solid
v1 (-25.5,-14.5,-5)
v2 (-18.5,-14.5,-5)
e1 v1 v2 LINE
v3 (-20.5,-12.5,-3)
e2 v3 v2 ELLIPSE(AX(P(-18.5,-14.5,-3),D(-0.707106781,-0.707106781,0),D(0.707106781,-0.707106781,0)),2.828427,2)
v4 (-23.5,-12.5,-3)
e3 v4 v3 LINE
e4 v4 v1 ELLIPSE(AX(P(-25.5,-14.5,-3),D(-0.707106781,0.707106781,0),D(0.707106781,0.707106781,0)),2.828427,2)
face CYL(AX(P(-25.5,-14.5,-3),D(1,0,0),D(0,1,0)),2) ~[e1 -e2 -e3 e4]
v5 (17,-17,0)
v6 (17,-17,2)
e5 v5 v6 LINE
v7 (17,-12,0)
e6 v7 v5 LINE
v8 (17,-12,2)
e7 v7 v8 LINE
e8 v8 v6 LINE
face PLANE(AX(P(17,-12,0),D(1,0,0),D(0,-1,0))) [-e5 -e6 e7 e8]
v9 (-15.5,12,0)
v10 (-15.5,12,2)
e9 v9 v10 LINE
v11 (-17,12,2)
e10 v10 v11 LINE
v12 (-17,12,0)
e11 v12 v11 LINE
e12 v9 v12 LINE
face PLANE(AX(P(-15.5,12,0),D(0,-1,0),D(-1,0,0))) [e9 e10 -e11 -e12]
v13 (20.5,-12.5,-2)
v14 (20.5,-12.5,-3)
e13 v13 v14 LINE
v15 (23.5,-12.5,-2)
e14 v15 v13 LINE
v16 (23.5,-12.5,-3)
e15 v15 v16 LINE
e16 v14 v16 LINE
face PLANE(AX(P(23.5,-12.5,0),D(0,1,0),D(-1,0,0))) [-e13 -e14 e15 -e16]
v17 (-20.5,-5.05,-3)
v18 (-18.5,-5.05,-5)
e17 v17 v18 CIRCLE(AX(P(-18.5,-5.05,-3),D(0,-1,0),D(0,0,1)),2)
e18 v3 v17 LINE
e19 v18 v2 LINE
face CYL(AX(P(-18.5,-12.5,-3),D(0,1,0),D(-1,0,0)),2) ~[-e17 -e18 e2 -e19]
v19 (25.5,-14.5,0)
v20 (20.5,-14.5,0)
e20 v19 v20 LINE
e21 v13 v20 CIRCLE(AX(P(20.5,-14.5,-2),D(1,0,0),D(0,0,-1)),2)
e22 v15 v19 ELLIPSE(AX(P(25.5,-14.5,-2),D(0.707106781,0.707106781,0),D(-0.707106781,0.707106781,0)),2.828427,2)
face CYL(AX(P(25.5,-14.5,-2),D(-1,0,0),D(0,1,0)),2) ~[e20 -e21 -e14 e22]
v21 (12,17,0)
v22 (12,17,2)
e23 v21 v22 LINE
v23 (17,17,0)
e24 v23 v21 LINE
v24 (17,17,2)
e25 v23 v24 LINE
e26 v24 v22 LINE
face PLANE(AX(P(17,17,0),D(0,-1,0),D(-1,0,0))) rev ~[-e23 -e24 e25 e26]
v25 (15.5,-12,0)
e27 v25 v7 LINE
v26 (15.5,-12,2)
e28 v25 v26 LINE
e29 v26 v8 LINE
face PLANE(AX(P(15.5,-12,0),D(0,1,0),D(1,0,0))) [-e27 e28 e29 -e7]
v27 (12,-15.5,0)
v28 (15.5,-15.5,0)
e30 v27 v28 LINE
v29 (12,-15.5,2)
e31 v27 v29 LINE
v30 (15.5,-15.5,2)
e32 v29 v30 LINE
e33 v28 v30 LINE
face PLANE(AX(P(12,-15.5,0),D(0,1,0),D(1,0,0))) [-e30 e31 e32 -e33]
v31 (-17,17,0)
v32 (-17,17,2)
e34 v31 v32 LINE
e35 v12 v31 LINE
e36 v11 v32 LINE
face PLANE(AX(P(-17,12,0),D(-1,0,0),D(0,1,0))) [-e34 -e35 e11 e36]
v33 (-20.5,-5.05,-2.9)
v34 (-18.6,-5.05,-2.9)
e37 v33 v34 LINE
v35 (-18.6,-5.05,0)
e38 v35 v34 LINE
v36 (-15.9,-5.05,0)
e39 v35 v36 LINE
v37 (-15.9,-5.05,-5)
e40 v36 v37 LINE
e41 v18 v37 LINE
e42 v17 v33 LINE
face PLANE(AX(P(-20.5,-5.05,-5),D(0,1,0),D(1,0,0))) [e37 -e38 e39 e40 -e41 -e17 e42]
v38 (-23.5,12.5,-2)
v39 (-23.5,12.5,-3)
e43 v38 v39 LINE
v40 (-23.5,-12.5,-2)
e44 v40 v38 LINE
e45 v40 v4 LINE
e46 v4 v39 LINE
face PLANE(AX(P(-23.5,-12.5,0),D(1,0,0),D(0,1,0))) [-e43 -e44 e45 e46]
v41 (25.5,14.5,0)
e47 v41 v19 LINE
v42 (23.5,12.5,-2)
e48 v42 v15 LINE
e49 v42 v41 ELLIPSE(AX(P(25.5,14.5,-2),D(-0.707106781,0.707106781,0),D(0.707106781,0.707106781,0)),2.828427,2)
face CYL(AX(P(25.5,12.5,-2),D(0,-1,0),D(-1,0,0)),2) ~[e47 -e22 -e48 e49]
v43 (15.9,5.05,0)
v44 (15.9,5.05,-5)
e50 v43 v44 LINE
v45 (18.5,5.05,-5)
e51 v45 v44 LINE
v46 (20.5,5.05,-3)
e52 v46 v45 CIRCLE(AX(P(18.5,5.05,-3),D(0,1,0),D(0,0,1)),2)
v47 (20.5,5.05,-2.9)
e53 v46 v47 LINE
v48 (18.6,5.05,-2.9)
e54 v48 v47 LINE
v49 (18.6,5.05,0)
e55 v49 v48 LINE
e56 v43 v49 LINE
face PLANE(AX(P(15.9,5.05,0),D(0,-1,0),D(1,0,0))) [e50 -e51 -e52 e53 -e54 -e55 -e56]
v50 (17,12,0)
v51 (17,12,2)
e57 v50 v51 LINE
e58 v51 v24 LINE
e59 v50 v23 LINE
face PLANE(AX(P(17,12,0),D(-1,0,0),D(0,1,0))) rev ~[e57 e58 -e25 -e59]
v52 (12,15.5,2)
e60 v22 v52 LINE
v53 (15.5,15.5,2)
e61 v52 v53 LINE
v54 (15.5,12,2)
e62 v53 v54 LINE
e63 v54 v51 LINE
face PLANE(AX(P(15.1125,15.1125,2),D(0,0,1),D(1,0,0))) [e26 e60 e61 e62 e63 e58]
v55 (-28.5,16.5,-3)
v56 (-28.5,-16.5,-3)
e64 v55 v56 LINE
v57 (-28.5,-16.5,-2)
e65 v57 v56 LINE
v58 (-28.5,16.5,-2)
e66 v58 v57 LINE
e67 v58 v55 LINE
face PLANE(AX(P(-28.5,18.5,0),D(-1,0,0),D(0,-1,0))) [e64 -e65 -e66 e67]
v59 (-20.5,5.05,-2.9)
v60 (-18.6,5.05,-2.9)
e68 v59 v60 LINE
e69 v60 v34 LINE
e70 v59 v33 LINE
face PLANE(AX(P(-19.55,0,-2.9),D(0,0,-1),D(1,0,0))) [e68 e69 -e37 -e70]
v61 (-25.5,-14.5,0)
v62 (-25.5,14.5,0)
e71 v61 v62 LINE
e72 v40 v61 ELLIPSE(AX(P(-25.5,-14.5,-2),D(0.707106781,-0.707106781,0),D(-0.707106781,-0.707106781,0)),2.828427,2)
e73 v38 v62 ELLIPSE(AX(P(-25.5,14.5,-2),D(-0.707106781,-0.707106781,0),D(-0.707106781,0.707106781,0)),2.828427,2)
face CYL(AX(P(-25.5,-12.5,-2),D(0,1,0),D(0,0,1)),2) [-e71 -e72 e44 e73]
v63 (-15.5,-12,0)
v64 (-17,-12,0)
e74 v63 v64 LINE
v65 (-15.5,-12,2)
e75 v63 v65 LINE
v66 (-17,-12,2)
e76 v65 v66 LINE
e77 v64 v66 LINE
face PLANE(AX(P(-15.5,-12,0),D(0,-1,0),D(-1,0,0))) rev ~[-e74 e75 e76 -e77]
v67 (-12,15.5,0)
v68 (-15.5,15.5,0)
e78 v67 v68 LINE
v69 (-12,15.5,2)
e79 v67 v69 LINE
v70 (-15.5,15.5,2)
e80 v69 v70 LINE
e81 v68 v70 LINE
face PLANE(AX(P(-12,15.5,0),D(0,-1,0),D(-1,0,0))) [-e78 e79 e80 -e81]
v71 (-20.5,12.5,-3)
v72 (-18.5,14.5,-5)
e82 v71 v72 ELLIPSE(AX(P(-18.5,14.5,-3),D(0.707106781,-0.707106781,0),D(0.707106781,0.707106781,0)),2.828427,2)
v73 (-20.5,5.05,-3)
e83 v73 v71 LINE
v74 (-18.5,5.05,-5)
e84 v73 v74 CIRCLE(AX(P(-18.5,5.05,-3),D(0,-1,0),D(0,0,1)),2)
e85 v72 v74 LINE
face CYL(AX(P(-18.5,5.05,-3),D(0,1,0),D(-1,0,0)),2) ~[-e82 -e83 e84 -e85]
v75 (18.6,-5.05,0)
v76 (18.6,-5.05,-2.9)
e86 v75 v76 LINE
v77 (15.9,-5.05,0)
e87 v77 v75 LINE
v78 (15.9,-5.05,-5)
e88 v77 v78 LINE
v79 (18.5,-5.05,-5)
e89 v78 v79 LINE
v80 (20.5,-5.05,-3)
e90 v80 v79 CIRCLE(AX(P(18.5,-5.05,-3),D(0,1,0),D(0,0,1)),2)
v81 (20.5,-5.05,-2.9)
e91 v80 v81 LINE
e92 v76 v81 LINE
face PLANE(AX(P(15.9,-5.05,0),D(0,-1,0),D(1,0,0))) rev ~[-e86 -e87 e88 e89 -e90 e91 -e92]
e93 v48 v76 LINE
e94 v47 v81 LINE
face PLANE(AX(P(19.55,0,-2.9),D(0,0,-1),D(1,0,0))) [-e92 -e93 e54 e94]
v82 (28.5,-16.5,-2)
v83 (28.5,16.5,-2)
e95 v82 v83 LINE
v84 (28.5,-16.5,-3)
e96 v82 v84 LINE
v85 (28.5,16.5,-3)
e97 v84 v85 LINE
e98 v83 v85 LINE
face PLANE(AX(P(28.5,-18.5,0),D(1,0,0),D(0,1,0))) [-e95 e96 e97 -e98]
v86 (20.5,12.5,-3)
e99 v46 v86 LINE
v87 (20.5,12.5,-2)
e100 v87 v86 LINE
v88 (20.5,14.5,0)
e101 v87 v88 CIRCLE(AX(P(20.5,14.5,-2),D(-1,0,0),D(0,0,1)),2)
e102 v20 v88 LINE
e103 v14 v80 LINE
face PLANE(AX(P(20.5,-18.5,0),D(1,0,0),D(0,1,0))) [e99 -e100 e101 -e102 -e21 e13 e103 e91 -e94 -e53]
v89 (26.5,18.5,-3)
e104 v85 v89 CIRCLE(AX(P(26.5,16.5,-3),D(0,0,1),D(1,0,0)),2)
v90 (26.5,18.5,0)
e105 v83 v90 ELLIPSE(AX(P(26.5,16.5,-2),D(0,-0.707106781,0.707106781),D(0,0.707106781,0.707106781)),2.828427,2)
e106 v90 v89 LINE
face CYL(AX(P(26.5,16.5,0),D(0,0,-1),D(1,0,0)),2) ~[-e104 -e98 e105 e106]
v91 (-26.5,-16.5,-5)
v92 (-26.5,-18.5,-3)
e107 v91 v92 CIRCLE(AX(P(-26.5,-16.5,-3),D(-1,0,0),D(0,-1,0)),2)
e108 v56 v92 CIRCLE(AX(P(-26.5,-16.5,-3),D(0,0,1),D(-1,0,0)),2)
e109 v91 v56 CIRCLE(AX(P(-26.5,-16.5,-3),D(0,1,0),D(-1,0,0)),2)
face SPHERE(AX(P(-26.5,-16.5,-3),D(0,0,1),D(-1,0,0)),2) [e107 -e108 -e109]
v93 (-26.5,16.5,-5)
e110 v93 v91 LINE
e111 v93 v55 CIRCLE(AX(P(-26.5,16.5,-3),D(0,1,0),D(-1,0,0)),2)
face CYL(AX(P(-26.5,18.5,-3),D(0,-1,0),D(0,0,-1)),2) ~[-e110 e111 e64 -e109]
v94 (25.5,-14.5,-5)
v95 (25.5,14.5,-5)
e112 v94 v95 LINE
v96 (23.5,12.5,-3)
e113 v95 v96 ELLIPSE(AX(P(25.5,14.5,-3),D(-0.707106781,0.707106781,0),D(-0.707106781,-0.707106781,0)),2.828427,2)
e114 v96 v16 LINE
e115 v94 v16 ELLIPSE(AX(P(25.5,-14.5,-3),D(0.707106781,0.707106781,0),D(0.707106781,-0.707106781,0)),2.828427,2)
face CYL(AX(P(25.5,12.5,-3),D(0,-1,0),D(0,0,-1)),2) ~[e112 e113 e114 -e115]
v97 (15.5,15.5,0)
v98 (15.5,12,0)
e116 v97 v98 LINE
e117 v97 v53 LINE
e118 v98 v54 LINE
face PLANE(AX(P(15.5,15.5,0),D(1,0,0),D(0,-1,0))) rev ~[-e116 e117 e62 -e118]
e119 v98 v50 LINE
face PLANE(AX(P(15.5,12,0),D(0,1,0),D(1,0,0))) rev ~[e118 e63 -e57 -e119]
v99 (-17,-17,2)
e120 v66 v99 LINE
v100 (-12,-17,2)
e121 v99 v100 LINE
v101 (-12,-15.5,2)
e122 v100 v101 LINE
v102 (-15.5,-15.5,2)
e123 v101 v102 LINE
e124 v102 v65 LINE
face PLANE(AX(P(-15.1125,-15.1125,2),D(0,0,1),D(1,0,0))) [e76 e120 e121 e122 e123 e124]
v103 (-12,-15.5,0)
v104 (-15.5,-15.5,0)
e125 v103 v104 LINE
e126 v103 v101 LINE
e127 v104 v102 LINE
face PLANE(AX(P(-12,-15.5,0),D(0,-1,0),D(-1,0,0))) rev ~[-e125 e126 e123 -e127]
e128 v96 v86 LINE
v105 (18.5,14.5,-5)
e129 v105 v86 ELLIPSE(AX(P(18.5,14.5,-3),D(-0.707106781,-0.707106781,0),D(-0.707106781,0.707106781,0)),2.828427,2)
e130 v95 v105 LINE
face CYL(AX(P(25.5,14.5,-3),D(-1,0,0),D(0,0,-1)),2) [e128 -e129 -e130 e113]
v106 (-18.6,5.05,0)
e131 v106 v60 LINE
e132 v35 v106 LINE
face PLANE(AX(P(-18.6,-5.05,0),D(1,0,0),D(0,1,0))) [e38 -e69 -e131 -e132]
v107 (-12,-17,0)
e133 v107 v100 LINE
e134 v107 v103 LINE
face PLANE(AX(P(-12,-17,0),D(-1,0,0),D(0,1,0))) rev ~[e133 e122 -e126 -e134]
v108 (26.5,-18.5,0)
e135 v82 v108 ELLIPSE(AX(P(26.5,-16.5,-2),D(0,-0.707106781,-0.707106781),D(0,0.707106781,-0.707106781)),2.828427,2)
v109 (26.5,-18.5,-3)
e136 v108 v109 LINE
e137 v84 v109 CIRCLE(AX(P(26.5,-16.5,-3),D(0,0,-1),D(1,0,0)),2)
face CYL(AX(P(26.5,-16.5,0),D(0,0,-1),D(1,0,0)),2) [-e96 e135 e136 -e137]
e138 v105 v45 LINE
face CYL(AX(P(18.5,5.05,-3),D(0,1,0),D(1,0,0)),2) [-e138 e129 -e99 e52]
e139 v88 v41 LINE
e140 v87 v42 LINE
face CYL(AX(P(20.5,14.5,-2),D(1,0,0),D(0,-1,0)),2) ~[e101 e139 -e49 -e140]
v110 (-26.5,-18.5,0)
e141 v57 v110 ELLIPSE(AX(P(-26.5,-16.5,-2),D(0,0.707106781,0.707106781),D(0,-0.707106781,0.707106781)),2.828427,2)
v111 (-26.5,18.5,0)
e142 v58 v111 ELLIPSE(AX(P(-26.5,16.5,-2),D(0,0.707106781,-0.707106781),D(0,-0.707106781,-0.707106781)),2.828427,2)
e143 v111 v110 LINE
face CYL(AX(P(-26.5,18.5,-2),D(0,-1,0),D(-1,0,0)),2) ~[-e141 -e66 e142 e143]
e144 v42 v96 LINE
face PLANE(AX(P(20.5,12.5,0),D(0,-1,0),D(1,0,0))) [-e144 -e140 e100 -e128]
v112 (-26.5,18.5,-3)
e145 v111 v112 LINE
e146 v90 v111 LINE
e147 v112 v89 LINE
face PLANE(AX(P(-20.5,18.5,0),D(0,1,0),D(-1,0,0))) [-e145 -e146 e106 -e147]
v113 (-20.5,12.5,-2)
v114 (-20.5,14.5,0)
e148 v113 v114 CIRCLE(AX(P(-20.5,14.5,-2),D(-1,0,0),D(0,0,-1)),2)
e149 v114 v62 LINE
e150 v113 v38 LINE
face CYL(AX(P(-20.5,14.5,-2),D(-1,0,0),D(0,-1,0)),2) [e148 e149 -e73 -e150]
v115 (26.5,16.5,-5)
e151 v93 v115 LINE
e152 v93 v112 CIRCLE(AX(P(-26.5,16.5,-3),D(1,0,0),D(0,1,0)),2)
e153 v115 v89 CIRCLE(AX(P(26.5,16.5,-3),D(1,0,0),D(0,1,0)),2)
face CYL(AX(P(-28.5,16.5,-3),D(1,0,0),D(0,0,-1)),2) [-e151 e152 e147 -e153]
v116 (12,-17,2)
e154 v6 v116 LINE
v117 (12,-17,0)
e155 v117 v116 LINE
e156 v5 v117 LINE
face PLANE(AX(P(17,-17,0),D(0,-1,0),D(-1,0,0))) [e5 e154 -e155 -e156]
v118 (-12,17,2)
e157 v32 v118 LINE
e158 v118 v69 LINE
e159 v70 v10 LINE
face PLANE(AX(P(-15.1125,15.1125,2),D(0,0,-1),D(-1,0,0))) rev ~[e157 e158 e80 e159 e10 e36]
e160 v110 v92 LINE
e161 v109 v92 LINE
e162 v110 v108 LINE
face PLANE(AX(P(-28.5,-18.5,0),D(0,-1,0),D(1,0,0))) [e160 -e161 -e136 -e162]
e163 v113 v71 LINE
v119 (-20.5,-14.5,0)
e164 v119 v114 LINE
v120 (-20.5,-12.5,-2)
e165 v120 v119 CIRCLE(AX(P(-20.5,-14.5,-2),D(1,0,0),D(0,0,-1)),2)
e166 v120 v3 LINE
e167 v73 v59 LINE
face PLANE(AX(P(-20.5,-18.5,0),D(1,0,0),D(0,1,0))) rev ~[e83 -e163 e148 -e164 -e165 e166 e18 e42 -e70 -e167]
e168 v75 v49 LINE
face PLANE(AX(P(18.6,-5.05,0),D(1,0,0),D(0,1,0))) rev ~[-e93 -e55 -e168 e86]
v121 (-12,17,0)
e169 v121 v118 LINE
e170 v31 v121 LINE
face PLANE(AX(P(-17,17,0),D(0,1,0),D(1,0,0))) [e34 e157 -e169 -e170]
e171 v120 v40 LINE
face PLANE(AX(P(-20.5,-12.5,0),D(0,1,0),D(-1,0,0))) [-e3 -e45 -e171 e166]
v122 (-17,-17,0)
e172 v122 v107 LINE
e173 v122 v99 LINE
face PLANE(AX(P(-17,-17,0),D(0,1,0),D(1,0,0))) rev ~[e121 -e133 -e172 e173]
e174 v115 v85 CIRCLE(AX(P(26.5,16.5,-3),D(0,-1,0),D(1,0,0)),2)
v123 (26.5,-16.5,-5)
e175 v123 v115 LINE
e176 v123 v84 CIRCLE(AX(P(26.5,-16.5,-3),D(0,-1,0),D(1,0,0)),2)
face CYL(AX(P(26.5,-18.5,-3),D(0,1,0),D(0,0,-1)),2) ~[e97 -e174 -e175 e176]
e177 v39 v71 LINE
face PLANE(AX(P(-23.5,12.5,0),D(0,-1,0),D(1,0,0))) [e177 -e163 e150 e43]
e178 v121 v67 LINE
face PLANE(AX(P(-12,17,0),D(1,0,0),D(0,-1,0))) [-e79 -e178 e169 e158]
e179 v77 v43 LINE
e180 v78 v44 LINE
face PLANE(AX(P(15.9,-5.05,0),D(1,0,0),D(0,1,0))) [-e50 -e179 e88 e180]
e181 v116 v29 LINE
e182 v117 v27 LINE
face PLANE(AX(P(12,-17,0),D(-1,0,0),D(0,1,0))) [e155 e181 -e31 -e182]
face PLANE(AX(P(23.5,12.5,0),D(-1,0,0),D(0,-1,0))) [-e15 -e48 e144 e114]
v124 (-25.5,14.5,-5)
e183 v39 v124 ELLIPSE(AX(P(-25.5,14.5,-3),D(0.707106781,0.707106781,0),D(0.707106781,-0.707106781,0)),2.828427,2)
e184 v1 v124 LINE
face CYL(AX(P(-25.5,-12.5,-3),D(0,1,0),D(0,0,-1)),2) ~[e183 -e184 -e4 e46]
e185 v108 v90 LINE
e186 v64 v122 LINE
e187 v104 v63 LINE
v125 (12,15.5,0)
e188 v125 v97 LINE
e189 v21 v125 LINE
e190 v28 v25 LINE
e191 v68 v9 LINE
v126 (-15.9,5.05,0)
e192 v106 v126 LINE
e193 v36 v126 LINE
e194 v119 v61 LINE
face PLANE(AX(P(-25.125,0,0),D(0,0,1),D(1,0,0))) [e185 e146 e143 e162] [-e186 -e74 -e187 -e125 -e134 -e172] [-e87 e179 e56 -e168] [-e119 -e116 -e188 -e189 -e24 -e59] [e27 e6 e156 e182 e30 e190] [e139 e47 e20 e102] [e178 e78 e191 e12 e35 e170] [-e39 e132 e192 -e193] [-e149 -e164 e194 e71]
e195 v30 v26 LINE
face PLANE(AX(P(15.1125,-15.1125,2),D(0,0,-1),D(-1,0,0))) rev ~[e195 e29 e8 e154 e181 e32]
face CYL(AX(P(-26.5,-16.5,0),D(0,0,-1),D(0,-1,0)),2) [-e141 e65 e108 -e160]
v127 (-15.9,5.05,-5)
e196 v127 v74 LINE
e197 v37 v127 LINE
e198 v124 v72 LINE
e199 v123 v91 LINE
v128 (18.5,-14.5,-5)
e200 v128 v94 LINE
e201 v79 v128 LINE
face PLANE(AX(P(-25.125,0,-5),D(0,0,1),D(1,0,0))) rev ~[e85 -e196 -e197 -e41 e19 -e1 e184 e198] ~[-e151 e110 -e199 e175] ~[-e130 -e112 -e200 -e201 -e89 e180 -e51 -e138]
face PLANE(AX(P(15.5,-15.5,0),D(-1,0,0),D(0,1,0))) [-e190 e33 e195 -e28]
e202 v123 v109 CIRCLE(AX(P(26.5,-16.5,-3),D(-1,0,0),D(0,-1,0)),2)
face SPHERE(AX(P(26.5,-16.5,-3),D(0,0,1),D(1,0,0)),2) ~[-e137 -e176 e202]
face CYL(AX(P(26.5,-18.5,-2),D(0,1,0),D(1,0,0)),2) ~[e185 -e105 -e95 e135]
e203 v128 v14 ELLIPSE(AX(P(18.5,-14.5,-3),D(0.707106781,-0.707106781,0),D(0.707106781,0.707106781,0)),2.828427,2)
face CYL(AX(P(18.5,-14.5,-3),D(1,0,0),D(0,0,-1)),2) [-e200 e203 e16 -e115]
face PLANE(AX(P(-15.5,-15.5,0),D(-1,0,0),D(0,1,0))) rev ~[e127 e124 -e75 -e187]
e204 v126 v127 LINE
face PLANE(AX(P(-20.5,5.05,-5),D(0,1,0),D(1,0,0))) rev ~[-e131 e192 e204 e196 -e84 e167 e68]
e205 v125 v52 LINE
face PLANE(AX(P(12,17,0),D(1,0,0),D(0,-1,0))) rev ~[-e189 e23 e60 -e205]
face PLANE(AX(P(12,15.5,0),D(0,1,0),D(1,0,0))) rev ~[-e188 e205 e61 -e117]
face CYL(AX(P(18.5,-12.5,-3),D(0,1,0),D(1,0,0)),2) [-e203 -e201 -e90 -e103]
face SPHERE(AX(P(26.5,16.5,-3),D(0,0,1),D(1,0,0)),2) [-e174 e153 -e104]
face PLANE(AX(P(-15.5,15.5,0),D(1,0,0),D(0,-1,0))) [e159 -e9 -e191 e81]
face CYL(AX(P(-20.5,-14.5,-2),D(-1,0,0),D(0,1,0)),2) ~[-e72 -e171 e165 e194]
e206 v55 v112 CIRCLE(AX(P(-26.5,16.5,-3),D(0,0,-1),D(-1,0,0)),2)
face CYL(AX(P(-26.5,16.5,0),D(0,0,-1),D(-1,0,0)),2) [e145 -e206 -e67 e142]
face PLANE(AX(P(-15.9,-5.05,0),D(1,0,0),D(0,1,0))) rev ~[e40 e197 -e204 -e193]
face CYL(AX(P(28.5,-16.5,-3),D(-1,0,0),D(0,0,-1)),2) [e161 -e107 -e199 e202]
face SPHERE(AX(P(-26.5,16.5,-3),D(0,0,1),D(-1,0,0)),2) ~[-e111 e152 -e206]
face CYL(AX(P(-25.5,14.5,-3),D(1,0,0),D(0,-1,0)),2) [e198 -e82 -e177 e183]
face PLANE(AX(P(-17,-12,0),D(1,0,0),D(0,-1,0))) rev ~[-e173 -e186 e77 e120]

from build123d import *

# Parameters (mm, degrees)
SKETCH016_W     = 41
SKETCH016_H     = 37
SKETCH016_W_2   = 2.7
SKETCH016_H_2   = 10.1
PAD006_DEPTH    = 5
SKETCH017_W     = 1.9
SKETCH017_H     = 10.1
POCKET010_DEPTH = 2.1
PAD008_DEPTH    = 2
PAD007_DEPTH    = 5
FILLET_R        = 2
FILLET004_R     = 2
FILLET005_R     = 2


with BuildPart() as part:
    # Sketch016 → Pad006 (new body)
    with BuildSketch(Plane.XY):
        Rectangle(SKETCH016_W, SKETCH016_H)
        with Locations((-17.25, 0)):
            Rectangle(SKETCH016_W_2, SKETCH016_H_2, mode=Mode.SUBTRACT)
        with Locations((17.25, 0)):
            Rectangle(SKETCH016_W_2, SKETCH016_H_2, mode=Mode.SUBTRACT)
    extrude(amount=-PAD006_DEPTH)

    # Sketch017 (on Face14 of Pad006) → Pocket010 (cut)
    with BuildSketch(Plane(origin=(0, 0, -5), x_dir=(1, 0, 0), z_dir=(0, 0, -1))):
        with Locations((-19.55, 0)):
            Rectangle(SKETCH017_W, SKETCH017_H)
        with Locations((19.55, 0)):
            Rectangle(SKETCH017_W, SKETCH017_H)
    extrude(amount=-POCKET010_DEPTH, mode=Mode.SUBTRACT)

    # Sketch023 (on Face4 of Pocket010) → Pad008 (join)
    with BuildSketch(Plane.XY):
        Polygon((-17, 17), (-12, 17), (-12, 15.5), (-15.5, 15.5), (-15.5, 12), (-17, 12), align=None)
        Polygon((17, 17), (12, 17), (12, 15.5), (15.5, 15.5), (15.5, 12), (17, 12), align=None)
        Polygon((-17, -17), (-12, -17), (-12, -15.5), (-15.5, -15.5), (-15.5, -12), (-17, -12), align=None)
        Polygon((17, -17), (12, -17), (12, -15.5), (15.5, -15.5), (15.5, -12), (17, -12), align=None)
    extrude(amount=PAD008_DEPTH)

    # Sketch018 → Pad007 (join)
    with BuildSketch(Plane.XY):
        Polygon((-23.5, 12.5), (-20.5, 12.5), (-20.5, 18.5), (-28.5, 18.5), (-28.5, -18.5), (-20.5, -18.5), (-20.5, -12.5), (-23.5, -12.5), align=None)
        Polygon((20.5, 12.5), (23.5, 12.5), (23.5, -12.5), (20.5, -12.5), (20.5, -18.5), (28.5, -18.5), (28.5, 18.5), (20.5, 18.5), align=None)
    extrude(amount=-PAD007_DEPTH)

    # Fillet
    fillet_edges = [part.edges().sort_by_distance(p)[0] for p in [
        (-28.5, 18.5, -2.5),
        (-28.5, 0, 0),
        (-28.5, -18.5, -2.5),
        (-28.5, 0, -5),
        (28.5, -18.5, -2.5),
        (28.5, 0, 0),
        (28.5, 18.5, -2.5),
        (28.5, 0, -5),
        (23.5, 0, -5),
        (23.5, 0, 0),
        (-23.5, 0, 0),
        (-23.5, 0, -5),
        (0, -18.5, -5),
        (0, 18.5, -5),
    ]]
    fillet(fillet_edges, radius=FILLET_R)

    # Fillet004
    fillet004_edges = [part.edges().sort_by_distance(p)[0] for p in [
        (-20.5, 8.775, -5),
        (-20.5, -8.775, -5),
        (20.5, 8.775, -5),
        (20.5, -8.775, -5),
    ]]
    fillet(fillet004_edges, radius=FILLET004_R)

    # Fillet005
    fillet005_edges = [part.edges().sort_by_distance(p)[0] for p in [
        (-22, -12.5, -5),
        (-22, 12.5, -5),
        (22, 12.5, -5),
        (-22, 12.5, 0),
        (-22, -12.5, 0),
        (22, 12.5, 0),
        (22, -12.5, 0),
        (22, -12.5, -5),
    ]]
    fillet(fillet005_edges, radius=FILLET005_R)


solid = part.part
